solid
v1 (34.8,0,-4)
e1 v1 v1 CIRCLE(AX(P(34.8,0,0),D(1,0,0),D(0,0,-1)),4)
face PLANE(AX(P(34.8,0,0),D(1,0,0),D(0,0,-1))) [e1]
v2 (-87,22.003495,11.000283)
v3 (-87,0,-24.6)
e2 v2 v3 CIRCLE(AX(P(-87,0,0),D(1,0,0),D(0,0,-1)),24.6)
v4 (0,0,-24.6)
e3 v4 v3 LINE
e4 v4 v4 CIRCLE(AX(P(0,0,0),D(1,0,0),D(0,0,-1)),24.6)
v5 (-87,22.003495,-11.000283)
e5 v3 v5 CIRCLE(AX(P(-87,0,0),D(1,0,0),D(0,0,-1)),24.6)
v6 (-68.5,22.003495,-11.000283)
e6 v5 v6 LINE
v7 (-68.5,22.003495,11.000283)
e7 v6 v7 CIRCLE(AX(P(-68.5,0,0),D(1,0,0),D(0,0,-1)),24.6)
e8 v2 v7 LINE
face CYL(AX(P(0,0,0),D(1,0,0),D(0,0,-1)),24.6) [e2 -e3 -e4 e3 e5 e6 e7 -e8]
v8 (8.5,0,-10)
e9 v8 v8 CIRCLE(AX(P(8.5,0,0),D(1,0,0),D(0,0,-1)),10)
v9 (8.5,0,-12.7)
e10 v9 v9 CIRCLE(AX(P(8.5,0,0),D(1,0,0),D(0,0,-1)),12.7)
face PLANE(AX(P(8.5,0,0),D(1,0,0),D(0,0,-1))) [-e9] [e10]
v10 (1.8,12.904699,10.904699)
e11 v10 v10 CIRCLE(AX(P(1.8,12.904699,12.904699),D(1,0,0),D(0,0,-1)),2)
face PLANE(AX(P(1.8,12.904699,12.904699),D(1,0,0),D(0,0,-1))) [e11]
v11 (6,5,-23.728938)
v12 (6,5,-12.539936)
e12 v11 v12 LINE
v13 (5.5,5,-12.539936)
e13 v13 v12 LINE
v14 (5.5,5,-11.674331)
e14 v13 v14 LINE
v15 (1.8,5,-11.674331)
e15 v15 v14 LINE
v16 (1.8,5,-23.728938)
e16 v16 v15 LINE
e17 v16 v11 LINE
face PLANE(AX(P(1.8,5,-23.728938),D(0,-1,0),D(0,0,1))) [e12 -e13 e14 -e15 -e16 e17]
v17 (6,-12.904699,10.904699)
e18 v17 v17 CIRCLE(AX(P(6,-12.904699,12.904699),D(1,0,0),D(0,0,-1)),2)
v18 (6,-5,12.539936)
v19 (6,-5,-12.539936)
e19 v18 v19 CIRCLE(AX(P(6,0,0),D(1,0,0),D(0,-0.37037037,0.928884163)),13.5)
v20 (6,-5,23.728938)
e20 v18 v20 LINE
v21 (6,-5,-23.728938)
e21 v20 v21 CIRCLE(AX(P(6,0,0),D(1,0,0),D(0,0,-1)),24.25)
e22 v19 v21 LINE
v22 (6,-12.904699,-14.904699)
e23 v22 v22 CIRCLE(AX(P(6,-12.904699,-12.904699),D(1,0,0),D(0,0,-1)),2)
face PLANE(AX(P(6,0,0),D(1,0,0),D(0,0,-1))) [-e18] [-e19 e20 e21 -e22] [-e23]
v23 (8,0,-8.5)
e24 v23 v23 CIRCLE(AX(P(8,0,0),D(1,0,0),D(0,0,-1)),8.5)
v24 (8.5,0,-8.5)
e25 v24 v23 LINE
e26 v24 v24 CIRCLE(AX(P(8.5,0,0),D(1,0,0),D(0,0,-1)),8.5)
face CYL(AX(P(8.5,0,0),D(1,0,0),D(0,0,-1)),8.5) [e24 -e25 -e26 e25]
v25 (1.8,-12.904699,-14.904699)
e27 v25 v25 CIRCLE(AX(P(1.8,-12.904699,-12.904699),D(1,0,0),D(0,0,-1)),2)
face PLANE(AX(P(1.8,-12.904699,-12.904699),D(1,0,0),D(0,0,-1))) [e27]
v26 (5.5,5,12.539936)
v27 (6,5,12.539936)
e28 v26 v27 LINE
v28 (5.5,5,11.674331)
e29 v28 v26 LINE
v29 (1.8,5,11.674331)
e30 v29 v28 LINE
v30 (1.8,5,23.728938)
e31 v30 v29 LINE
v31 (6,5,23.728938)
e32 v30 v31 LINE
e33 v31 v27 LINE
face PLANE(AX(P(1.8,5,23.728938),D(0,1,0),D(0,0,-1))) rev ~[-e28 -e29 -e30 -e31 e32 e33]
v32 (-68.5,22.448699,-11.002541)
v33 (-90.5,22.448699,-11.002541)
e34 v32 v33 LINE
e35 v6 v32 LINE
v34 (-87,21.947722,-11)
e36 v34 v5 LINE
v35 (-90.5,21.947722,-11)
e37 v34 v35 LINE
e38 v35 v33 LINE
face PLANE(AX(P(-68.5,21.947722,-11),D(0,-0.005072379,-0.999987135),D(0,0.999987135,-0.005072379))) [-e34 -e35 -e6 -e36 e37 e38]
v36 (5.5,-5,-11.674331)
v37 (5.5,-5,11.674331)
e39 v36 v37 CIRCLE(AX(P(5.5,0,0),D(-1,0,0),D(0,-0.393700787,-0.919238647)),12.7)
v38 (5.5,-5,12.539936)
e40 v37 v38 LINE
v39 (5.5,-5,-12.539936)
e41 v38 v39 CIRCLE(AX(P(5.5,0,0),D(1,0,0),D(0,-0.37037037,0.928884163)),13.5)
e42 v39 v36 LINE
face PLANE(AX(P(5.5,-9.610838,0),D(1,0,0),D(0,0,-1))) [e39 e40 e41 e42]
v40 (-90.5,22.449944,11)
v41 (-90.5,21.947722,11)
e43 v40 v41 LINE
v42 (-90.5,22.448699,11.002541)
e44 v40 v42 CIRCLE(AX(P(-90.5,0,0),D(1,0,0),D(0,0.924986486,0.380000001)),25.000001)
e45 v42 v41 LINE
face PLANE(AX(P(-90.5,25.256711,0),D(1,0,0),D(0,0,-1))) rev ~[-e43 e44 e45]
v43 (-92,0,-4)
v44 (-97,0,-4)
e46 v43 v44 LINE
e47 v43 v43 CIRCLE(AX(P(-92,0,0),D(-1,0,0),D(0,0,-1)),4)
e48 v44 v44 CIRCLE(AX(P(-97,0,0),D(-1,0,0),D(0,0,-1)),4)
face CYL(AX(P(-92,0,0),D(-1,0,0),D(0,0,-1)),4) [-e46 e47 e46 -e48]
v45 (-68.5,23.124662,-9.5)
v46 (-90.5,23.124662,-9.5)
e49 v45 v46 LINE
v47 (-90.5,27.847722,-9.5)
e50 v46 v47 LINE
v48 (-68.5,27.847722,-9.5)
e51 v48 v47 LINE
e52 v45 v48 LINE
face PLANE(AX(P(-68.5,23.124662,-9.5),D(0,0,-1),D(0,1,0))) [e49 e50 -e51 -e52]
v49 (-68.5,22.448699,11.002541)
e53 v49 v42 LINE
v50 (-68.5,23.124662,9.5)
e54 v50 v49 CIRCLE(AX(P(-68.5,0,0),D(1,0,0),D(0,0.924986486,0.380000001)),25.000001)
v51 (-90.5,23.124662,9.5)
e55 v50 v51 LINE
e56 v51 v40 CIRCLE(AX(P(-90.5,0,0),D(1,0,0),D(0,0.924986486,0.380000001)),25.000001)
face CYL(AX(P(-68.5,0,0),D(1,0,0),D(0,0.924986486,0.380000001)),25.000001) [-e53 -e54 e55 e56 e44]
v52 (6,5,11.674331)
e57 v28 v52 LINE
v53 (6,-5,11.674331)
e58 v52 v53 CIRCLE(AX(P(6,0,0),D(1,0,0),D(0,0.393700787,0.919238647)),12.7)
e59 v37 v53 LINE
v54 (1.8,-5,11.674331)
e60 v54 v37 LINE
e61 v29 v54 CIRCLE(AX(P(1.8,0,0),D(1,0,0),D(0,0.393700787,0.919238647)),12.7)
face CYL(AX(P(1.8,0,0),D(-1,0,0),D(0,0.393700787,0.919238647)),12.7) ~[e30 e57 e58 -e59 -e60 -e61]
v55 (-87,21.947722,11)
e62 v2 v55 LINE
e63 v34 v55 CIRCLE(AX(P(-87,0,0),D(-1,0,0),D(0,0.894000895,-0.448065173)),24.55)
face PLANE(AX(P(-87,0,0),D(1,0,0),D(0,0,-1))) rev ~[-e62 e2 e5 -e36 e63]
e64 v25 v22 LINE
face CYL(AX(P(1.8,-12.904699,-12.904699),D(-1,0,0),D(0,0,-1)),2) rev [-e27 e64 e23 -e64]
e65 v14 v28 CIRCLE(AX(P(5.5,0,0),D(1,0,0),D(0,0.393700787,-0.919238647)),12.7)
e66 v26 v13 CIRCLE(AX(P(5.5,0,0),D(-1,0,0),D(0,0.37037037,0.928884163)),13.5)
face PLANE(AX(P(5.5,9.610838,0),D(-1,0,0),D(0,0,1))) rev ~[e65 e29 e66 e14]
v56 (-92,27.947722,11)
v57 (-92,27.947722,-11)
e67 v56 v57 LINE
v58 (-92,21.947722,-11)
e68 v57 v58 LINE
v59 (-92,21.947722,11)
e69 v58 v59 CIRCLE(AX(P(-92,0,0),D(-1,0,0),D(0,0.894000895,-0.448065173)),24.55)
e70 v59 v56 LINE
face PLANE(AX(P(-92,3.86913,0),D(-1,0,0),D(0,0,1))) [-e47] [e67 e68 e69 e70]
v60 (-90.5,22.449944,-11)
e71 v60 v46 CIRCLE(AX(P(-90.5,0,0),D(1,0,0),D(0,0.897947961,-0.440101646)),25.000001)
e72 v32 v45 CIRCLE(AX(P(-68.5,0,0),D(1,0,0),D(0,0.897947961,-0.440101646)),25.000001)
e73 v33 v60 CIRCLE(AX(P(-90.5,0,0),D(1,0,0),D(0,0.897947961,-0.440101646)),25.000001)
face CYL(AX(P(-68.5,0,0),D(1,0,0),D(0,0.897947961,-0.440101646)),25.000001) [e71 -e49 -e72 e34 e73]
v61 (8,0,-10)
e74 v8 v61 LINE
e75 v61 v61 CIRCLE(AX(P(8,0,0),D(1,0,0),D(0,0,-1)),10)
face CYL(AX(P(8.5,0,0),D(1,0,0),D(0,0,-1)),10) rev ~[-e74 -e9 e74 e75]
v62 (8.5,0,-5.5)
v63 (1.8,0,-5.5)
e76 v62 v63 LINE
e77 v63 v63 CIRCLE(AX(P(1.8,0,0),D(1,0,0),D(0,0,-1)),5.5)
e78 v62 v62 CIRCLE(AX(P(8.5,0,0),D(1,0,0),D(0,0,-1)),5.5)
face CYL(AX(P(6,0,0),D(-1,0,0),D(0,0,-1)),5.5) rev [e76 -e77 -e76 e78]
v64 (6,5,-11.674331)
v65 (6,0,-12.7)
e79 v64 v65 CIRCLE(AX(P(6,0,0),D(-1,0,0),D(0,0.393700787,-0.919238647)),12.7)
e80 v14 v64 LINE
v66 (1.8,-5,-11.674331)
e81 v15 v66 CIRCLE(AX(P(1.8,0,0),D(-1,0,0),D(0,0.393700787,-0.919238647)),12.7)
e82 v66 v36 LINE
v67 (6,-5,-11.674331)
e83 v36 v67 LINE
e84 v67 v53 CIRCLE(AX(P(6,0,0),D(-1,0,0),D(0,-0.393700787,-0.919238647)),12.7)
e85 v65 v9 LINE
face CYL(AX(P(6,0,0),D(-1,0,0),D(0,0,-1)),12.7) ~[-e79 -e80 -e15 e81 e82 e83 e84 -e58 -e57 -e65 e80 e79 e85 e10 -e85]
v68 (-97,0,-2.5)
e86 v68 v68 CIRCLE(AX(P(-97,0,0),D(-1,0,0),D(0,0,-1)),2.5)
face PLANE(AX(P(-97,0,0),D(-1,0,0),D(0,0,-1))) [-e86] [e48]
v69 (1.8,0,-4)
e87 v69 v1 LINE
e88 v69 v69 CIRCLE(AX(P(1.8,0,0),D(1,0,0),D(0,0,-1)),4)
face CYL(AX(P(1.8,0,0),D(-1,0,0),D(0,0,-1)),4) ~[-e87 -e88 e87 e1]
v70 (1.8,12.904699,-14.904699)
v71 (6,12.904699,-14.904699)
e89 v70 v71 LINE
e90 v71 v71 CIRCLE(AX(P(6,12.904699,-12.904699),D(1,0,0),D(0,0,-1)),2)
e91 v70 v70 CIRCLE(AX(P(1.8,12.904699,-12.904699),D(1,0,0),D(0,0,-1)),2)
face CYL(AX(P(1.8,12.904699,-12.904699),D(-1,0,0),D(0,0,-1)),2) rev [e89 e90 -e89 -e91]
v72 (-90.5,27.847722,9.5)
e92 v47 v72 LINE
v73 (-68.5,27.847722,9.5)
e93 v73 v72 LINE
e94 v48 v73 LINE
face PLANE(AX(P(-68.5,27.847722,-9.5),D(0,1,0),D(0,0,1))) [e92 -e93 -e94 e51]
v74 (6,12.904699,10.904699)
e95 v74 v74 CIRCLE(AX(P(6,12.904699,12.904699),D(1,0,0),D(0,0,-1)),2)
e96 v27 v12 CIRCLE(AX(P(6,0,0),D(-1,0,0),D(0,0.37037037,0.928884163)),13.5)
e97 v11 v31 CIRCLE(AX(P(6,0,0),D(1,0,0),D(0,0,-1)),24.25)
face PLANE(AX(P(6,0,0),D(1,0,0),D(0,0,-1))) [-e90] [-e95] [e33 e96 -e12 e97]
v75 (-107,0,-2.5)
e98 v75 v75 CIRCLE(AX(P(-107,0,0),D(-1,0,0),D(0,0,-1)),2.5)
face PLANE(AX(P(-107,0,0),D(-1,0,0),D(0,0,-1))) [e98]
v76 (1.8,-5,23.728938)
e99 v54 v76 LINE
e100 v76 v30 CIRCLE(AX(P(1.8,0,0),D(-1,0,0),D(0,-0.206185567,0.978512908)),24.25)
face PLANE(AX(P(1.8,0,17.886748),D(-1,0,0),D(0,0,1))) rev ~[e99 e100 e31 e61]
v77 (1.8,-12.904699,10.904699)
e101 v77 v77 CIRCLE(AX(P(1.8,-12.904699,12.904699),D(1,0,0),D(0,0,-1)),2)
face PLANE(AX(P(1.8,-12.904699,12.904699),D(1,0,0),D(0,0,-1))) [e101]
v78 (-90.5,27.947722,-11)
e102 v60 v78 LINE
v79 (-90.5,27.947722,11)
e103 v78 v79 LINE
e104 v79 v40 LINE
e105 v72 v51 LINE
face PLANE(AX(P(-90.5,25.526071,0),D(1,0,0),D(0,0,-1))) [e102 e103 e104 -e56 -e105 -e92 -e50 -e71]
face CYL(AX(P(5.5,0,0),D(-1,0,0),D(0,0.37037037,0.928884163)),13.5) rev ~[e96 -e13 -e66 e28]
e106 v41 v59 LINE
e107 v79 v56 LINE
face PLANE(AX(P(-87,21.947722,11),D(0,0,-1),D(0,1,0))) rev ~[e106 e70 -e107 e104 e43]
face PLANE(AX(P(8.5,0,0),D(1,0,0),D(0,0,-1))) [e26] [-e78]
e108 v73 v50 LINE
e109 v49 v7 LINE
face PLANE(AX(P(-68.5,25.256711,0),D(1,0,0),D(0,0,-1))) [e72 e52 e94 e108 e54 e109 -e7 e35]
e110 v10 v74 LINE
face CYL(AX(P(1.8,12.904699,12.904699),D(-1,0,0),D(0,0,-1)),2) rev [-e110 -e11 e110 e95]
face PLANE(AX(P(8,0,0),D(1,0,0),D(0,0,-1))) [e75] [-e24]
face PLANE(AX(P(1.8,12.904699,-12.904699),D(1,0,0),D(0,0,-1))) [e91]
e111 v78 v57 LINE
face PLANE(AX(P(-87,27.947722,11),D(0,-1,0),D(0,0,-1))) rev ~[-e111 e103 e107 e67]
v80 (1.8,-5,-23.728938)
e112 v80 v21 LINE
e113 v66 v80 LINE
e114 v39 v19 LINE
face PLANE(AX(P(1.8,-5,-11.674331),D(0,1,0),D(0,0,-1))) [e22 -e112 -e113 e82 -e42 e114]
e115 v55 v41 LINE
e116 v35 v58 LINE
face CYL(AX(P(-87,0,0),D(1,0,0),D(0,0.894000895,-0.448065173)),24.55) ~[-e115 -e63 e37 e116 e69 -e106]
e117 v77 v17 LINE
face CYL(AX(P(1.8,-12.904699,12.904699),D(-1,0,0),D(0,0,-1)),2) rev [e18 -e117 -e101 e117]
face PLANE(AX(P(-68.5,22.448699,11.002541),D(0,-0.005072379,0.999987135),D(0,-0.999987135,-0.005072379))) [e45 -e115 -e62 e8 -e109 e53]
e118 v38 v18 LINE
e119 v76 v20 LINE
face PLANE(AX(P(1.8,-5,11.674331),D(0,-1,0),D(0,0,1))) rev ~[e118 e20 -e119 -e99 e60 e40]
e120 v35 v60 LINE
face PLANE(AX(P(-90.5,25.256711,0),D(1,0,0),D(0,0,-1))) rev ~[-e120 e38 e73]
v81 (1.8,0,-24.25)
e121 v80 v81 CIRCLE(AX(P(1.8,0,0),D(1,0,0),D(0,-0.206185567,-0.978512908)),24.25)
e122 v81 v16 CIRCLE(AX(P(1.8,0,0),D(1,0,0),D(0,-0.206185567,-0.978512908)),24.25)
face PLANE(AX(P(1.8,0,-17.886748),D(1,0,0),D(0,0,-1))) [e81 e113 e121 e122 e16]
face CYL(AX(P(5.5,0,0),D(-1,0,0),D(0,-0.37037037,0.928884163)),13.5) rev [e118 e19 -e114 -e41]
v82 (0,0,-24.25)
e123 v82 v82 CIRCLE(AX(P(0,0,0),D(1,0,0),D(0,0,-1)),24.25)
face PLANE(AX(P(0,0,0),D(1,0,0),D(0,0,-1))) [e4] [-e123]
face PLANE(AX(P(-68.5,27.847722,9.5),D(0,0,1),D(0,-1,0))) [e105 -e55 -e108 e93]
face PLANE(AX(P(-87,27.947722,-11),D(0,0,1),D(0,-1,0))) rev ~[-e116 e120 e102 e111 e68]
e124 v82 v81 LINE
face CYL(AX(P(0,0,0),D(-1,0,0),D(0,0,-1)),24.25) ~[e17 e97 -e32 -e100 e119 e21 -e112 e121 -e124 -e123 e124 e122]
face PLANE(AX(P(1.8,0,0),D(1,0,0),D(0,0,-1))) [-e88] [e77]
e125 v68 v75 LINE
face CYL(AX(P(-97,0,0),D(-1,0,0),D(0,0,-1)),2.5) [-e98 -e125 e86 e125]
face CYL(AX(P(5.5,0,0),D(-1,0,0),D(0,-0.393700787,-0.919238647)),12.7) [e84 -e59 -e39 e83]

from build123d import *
from build123d.topology import SkipClean

# Parameters (mm, degrees)
SKETCH1_R           = 24.6
BOSS_EXTRUDE1_DEPTH = 87
SKETCH2_R           = 24.25
BOSS_EXTRUDE2_DEPTH = 6
BOSS_EXTRUDE3_DEPTH = 5
CUT_EXTRUDE1_START  = -4.2
SKETCH4_R           = 5.5
SKETCH4_R_2         = 2
CUT_EXTRUDE1_DEPTH  = 4.2
CUT_EXTRUDE2_START  = -0.5
CUT_EXTRUDE2_DEPTH  = 0.5
SKETCH6_R           = 12.7
SKETCH6_R_2         = 5.5
BOSS_EXTRUDE4_DEPTH = 2.5
SKETCH7_R           = 10
SKETCH7_R_2         = 8.5
CUT_EXTRUDE3_DEPTH  = 0.5
SKETCH8_R           = 4
BOSS_EXTRUDE5_DEPTH = 33
CUT_EXTRUDE4_DEPTH  = 3.5
BOSS_EXTRUDE7_START = 22
BOSS_EXTRUDE7_DEPTH = 22


with BuildPart() as part:
    # Sketch1 → Boss-Extrude1 (new body)
    with BuildSketch(Plane(origin=(0, 0, 0), x_dir=(0, 0, -1), z_dir=(1, 0, 0))):
        Circle(SKETCH1_R)
    extrude(amount=-BOSS_EXTRUDE1_DEPTH)

    # Sketch2 → Boss-Extrude2 (add)
    with BuildSketch(Plane(origin=(0, 0, 0), x_dir=(0, 0, -1), z_dir=(1, 0, 0))):
        Circle(SKETCH2_R)
    extrude(amount=BOSS_EXTRUDE2_DEPTH)

    # Sketch3 → Boss-Extrude3 (add)
    with BuildSketch(Plane.ZY.offset(87)):
        with BuildLine():
            Line((11, 27.947721977), (-11, 27.947721977))
            Line((-11, 27.947721977), (-11, 21.947721977))
            ThreePointArc((-11, 21.947721977), (0, -24.55), (11, 21.947721977))
            Line((11, 21.947721977), (11, 27.947721977))
        make_face()
    extrude(amount=BOSS_EXTRUDE3_DEPTH)

    # Sketch4 → Cut-Extrude1 (cut)
    with BuildSketch(Plane(origin=(6, 0, 0), x_dir=(0, 0, -1), z_dir=(1, 0, 0)).offset(CUT_EXTRUDE1_START)):
        Circle(SKETCH4_R)
        with Locations((-12.904698757, 12.904698757)):
            Circle(SKETCH4_R_2)
        with Locations((12.904698757, 12.904698757)):
            Circle(SKETCH4_R_2)
        with Locations((12.904698757, -12.904698757)):
            Circle(SKETCH4_R_2)
        with Locations((-12.904698757, -12.904698757)):
            Circle(SKETCH4_R_2)
        with BuildLine():
            Line((-23.728938029, 5), (-11.674330816, 5))
            ThreePointArc((-11.674330816, 5), (-12.7, 0), (-11.674330816, -5))
            Line((-11.674330816, -5), (-23.728938029, -5))
            ThreePointArc((-23.728938029, -5), (-24.25, 0), (-23.728938029, 5))
        make_face()
        with BuildLine():
            Line((11.674330816, -5), (23.728938029, -5))
            ThreePointArc((23.728938029, -5), (24.25, 0), (23.728938029, 5))
            Line((23.728938029, 5), (11.674330816, 5))
            ThreePointArc((11.674330816, 5), (12.7, 0), (11.674330816, -5))
        make_face()
    extrude(amount=CUT_EXTRUDE1_DEPTH, mode=Mode.SUBTRACT)

    # Sketch5 → Cut-Extrude2 (cut)
    with SkipClean():  # the faces are left unmerged after this step: merging them gives an invalid solid
        with BuildSketch(Plane(origin=(6, 0, 0), x_dir=(0, 0, -1), z_dir=(1, 0, 0)).offset(CUT_EXTRUDE2_START)):
            with BuildLine():
                Line((-11.674330816, 5), (-12.539936204, 5))
                ThreePointArc((-12.539936204, 5), (0, 13.5), (12.539936204, 5))
                Line((12.539936204, 5), (11.674330816, 5))
                ThreePointArc((11.674330816, 5), (0, 12.7), (-11.674330816, 5))
            make_face()
            with BuildLine():
                Line((-11.674330816, -5), (-12.539936204, -5))
                ThreePointArc((-12.539936204, -5), (0, -13.5), (12.539936204, -5))
                Line((12.539936204, -5), (11.674330816, -5))
                ThreePointArc((11.674330816, -5), (0, -12.7), (-11.674330816, -5))
            make_face()
        extrude(amount=CUT_EXTRUDE2_DEPTH, mode=Mode.SUBTRACT)

    # Sketch6 → Boss-Extrude4 (add)
    with BuildSketch(Plane(origin=(6, 0, 0), x_dir=(0, 0, -1), z_dir=(1, 0, 0))):
        Circle(SKETCH6_R)
        Circle(SKETCH6_R_2, mode=Mode.SUBTRACT)
    extrude(amount=BOSS_EXTRUDE4_DEPTH)

    # Sketch7 → Cut-Extrude3 (cut)
    with BuildSketch(Plane(origin=(8.5, 0, 0), x_dir=(0, 0, -1), z_dir=(1, 0, 0))):
        Circle(SKETCH7_R)
        Circle(SKETCH7_R_2, mode=Mode.SUBTRACT)
    extrude(amount=-CUT_EXTRUDE3_DEPTH, mode=Mode.SUBTRACT)

    # Sketch8 → Boss-Extrude5 (add)
    with BuildSketch(Plane(origin=(1.8, 0, 0), x_dir=(0, 0, -1), z_dir=(1, 0, 0))):
        Circle(SKETCH8_R)
    extrude(amount=BOSS_EXTRUDE5_DEPTH)

    # Sketch9 → Cut-Extrude4 (cut)
    with BuildSketch(Plane(origin=(-87, 0, 0), x_dir=(0, 0, -1), z_dir=(1, 0, 0))):
        with BuildLine():
            Line((11, 21.947721977), (11, 27.947721977))
            Line((11, 27.947721977), (-11, 27.947721977))
            Line((-11, 27.947721977), (-11, 21.947721977))
            ThreePointArc((-11, 21.947721977), (0, 24.55), (11, 21.947721977))
        make_face()
    extrude(amount=-CUT_EXTRUDE4_DEPTH, mode=Mode.SUBTRACT)

    # Sketch11 → Boss-Extrude7 (add)
    with BuildSketch(Plane(origin=(-90.5, 0, 0), x_dir=(0, 0, -1), z_dir=(1, 0, 0)).offset(BOSS_EXTRUDE7_START)):
        with BuildLine():
            Line((-9.5, 27.847721977), (-9.5, 23.12466216))
            ThreePointArc((-9.5, 23.12466216), (-10.256840655, 22.799061818), (-11.002541178, 22.448699019))
            Line((-11.002541178, 22.448699019), (-11, 21.947721977))
            ThreePointArc((-11, 21.947721977), (0, 24.55), (11, 21.947721977))
            Line((11, 21.947721977), (11.002541178, 22.448699019))
            ThreePointArc((11.002541178, 22.448699019), (10.256840655, 22.799061818), (9.5, 23.12466216))
            Line((9.5, 23.12466216), (9.5, 27.847721977))
            Line((9.5, 27.847721977), (-9.5, 27.847721977))
        make_face()
    extrude(amount=-BOSS_EXTRUDE7_DEPTH)

    # Sketch12 → Revolve1 (revolve)
    with BuildSketch(Plane.XY, mode=Mode.PRIVATE) as revolve1_sk:
        Polygon((-92, 4), (-97, 4), (-97, 2.5), (-107, 2.5), (-107, 0), (-92, 0), align=None)
    revolve(revolve1_sk.sketch.rotate(Axis((0, 0, 0), (-1, 0, 0)), 90), axis=Axis((0, 0, 0), (-1, 0, 0)))


solid = part.part
